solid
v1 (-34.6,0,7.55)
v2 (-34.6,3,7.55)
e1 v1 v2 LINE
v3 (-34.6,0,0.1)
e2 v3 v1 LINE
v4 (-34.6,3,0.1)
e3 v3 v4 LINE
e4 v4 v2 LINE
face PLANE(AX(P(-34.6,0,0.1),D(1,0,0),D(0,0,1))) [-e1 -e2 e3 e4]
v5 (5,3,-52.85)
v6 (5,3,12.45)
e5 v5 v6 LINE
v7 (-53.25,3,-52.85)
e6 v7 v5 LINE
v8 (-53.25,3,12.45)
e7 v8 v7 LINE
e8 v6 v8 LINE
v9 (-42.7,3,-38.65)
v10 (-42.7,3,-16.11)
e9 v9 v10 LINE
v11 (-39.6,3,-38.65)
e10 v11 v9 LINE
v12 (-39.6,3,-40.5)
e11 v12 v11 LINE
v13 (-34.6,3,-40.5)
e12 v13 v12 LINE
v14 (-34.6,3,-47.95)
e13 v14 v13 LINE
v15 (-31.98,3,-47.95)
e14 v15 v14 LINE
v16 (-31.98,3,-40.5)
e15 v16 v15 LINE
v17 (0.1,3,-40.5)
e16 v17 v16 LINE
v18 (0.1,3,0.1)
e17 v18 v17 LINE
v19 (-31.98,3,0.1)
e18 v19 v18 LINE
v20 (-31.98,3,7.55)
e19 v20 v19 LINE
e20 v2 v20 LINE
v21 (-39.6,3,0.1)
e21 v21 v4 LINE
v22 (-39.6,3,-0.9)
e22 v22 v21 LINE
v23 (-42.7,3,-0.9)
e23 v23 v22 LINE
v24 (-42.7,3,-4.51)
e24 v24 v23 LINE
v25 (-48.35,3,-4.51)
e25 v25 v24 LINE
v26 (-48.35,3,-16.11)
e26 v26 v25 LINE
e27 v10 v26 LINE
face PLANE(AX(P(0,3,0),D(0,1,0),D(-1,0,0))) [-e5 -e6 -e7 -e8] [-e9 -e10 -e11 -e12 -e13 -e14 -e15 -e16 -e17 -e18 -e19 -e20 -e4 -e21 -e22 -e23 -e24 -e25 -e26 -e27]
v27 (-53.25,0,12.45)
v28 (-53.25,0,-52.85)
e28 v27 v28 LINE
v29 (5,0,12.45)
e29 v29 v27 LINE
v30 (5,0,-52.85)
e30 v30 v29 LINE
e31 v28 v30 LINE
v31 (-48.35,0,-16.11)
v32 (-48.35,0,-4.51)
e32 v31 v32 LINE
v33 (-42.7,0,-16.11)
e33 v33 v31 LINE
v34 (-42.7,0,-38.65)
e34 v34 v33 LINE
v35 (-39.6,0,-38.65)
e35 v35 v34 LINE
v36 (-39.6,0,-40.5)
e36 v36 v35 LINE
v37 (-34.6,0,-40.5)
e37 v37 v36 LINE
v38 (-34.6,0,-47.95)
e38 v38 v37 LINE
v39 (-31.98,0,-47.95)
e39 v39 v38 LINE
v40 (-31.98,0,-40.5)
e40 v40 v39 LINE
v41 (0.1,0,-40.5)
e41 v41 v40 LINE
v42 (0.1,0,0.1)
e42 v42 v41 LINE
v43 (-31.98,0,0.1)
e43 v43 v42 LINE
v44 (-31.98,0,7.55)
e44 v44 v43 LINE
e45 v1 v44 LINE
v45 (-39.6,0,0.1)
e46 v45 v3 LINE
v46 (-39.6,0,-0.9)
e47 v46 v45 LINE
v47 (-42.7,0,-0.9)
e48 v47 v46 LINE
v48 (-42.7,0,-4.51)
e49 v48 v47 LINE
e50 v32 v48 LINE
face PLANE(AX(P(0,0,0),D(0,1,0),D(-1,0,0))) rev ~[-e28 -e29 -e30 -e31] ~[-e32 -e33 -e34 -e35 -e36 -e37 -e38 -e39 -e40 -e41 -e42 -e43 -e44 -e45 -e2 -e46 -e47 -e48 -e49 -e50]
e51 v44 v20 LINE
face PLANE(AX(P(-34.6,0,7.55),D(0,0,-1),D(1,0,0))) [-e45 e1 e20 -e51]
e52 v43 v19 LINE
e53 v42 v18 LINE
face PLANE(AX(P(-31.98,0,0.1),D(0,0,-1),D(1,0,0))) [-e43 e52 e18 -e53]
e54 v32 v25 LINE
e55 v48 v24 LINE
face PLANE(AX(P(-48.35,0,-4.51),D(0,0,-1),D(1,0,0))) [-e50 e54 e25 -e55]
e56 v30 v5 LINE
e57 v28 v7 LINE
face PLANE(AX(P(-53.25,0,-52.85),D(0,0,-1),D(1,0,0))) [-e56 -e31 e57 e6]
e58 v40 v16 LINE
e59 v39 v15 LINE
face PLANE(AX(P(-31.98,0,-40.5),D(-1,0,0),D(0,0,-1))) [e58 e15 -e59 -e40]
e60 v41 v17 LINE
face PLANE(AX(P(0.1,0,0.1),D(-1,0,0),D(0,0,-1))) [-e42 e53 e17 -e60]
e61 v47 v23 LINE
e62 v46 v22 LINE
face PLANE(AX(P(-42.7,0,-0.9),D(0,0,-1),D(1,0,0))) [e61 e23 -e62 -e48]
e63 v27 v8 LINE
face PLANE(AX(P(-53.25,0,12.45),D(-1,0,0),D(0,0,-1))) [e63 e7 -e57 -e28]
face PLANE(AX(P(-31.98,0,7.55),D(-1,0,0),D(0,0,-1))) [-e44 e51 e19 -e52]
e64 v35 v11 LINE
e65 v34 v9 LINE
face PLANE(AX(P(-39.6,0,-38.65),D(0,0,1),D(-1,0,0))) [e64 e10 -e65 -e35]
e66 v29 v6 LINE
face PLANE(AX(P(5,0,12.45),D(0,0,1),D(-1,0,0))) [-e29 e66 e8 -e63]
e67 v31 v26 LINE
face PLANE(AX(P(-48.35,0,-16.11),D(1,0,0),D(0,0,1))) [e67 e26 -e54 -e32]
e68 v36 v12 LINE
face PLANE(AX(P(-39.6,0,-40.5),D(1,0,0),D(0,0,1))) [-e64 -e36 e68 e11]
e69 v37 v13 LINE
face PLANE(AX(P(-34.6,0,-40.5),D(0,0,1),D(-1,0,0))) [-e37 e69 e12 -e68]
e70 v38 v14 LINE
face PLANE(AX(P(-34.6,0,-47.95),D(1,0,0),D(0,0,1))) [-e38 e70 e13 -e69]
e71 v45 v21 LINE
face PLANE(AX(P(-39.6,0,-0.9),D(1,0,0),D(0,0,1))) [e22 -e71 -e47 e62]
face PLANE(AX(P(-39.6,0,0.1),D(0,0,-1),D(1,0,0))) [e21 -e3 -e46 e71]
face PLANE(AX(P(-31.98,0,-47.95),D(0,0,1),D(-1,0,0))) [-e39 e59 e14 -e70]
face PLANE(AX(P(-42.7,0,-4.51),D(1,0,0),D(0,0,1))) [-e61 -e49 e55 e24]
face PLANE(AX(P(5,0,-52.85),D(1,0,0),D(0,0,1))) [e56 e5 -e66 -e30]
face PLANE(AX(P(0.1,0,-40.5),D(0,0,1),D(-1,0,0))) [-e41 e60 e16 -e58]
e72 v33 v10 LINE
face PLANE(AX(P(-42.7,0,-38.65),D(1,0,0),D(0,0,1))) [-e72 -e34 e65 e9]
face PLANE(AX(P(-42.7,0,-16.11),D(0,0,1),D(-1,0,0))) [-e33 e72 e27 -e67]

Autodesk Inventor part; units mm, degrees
ref_plane "YZ Plane" through (0, 0, 0) normal (1, 0, 0) x (0, 1, 0)
ref_plane "XZ Plane" through (0, 0, 0) normal (0, 1, 0) x (-1, 0, 0)
ref_plane "XY Plane" through (0, 0, 0) normal (0, 0, 1) x (1, 0, 0)
sketch "Sketch1" plane through (0, 0, 0) normal (0, 1, 0) x (-1, 0, 0)
  line L0 (0, 0) -> (32.08, 0)
  line L1 (39.5, 0) -> (39.5, -1)
  line L2 (39.5, -40.4) -> (34.5, -40.4)
  line L3 (0, -40.4) -> (0, 0)
  line L4 (39.5, -20.2) -> (34.5, -20.2) construction
  line L5 (34.5, 7.45) -> (32.08, 7.45)
  line L6 (32.08, 7.45) -> (32.08, 0)
  line L7 (32.08, -47.85) -> (34.5, -47.85)
  line L8 (34.5, -47.85) -> (34.5, -40.4)
  line L9 (42.6, -1) -> (39.5, -1)
  line L10 (39.5, -1) -> (39.5, -38.55) construction
  line L11 (39.5, -38.55) -> (42.6, -38.55)
  line L12 (42.6, -38.55) -> (42.6, -16.01)
  line L13 (48.25, -4.61) -> (42.6, -4.61)
  line L14 (42.6, -4.61) -> (42.6, -16.01) construction
  line L15 (42.6, -16.01) -> (48.25, -16.01)
  line L16 (48.25, -16.01) -> (48.25, -4.61)
  line L17 (48.25, 7.45) -> (0, 7.45) construction
  line L18 (0, 7.45) -> (0, -47.85) construction
  line L19 (0, -47.85) -> (48.25, -47.85) construction
  line L20 (48.25, -47.85) -> (48.25, 7.45) construction
  line L21 (-5, 12.45) -> (53.25, 12.45)
  line L22 (53.25, 12.45) -> (53.25, -52.85)
  line L23 (53.25, -52.85) -> (-5, -52.85)
  line L24 (-5, -52.85) -> (-5, 12.45)
  line L25 (34.5, 0) -> (39.5, 0)
  line L26 (32.08, 0) -> (34.5, 0) construction
  line L27 (34.5, -40.4) -> (32.08, -40.4) construction
  line L28 (32.08, -40.4) -> (0, -40.4)
  line L29 (39.5, -1) -> (39.5, -38.55) construction
  line L30 (39.5, -38.55) -> (39.5, -40.4)
  line L31 (42.6, -4.61) -> (42.6, -1)
  line L32 (42.6, -16.01) -> (42.6, -4.61) construction
  line L33 (32.08, 0) -> (32.08, -40.4) construction
  line L34 (34.5, 0) -> (34.5, 7.45)
  line L35 (34.5, -40.4) -> (34.5, 0) construction
  line L36 (32.08, -40.4) -> (32.08, -47.85)
  line L37 (34.6, 7.55) -> (31.98, 7.55)
  line L38 (31.98, 7.55) -> (31.98, 0.1)
  line L39 (31.98, 0.1) -> (-0.1, 0.1)
  line L40 (-0.1, 0.1) -> (-0.1, -40.5)
  line L41 (-0.1, -40.5) -> (31.98, -40.5)
  line L42 (31.98, -40.5) -> (31.98, -47.95)
  line L43 (31.98, -47.95) -> (34.6, -47.95)
  line L44 (34.6, -47.95) -> (34.6, -40.5)
  line L45 (34.6, -40.5) -> (39.6, -40.5)
  line L46 (39.6, -40.5) -> (39.6, -38.65)
  line L47 (39.6, -38.65) -> (42.7, -38.65)
  line L48 (42.7, -38.65) -> (42.7, -16.11)
  line L49 (42.7, -16.11) -> (48.35, -16.11)
  line L50 (48.35, -16.11) -> (48.35, -4.51)
  line L51 (48.35, -4.51) -> (42.7, -4.51)
  line L52 (42.7, -4.51) -> (42.7, -0.9)
  line L53 (42.7, -0.9) -> (39.6, -0.9)
  line L54 (39.6, -0.9) -> (39.6, 0.1)
  line L55 (39.6, 0.1) -> (34.6, 0.1)
  line L56 (34.6, 0.1) -> (34.6, 7.55)
  point P0 (41.05, -1)
  point P1 (42.6, -10.31)
  point P2 (33.29, -47.85)
  point P3 (48.25, -10.31)
  point P4 (33.29, 7.45)
  point P5 (0, -20.2)
  dimension "d0" = 39.5
  dimension "d1" = 40.4
  dimension "d2" = 5
  dimension "d3" = 2.42
  dimension "d4" = 55.3
  dimension "d5" = 3.1
  dimension "d6" = 37.55
  dimension "d8" = 5.65
  dimension "d9" = 11.4
  dimension "d10" = 4.61
  dimension "d11" = 5
  dimension "d12" = 0.1
extrude "Extrusion1" add sketch "Sketch1" along normal blind 3 contours L21 L22 L23 L24
properties part number "ft5330m_profile_v2"
